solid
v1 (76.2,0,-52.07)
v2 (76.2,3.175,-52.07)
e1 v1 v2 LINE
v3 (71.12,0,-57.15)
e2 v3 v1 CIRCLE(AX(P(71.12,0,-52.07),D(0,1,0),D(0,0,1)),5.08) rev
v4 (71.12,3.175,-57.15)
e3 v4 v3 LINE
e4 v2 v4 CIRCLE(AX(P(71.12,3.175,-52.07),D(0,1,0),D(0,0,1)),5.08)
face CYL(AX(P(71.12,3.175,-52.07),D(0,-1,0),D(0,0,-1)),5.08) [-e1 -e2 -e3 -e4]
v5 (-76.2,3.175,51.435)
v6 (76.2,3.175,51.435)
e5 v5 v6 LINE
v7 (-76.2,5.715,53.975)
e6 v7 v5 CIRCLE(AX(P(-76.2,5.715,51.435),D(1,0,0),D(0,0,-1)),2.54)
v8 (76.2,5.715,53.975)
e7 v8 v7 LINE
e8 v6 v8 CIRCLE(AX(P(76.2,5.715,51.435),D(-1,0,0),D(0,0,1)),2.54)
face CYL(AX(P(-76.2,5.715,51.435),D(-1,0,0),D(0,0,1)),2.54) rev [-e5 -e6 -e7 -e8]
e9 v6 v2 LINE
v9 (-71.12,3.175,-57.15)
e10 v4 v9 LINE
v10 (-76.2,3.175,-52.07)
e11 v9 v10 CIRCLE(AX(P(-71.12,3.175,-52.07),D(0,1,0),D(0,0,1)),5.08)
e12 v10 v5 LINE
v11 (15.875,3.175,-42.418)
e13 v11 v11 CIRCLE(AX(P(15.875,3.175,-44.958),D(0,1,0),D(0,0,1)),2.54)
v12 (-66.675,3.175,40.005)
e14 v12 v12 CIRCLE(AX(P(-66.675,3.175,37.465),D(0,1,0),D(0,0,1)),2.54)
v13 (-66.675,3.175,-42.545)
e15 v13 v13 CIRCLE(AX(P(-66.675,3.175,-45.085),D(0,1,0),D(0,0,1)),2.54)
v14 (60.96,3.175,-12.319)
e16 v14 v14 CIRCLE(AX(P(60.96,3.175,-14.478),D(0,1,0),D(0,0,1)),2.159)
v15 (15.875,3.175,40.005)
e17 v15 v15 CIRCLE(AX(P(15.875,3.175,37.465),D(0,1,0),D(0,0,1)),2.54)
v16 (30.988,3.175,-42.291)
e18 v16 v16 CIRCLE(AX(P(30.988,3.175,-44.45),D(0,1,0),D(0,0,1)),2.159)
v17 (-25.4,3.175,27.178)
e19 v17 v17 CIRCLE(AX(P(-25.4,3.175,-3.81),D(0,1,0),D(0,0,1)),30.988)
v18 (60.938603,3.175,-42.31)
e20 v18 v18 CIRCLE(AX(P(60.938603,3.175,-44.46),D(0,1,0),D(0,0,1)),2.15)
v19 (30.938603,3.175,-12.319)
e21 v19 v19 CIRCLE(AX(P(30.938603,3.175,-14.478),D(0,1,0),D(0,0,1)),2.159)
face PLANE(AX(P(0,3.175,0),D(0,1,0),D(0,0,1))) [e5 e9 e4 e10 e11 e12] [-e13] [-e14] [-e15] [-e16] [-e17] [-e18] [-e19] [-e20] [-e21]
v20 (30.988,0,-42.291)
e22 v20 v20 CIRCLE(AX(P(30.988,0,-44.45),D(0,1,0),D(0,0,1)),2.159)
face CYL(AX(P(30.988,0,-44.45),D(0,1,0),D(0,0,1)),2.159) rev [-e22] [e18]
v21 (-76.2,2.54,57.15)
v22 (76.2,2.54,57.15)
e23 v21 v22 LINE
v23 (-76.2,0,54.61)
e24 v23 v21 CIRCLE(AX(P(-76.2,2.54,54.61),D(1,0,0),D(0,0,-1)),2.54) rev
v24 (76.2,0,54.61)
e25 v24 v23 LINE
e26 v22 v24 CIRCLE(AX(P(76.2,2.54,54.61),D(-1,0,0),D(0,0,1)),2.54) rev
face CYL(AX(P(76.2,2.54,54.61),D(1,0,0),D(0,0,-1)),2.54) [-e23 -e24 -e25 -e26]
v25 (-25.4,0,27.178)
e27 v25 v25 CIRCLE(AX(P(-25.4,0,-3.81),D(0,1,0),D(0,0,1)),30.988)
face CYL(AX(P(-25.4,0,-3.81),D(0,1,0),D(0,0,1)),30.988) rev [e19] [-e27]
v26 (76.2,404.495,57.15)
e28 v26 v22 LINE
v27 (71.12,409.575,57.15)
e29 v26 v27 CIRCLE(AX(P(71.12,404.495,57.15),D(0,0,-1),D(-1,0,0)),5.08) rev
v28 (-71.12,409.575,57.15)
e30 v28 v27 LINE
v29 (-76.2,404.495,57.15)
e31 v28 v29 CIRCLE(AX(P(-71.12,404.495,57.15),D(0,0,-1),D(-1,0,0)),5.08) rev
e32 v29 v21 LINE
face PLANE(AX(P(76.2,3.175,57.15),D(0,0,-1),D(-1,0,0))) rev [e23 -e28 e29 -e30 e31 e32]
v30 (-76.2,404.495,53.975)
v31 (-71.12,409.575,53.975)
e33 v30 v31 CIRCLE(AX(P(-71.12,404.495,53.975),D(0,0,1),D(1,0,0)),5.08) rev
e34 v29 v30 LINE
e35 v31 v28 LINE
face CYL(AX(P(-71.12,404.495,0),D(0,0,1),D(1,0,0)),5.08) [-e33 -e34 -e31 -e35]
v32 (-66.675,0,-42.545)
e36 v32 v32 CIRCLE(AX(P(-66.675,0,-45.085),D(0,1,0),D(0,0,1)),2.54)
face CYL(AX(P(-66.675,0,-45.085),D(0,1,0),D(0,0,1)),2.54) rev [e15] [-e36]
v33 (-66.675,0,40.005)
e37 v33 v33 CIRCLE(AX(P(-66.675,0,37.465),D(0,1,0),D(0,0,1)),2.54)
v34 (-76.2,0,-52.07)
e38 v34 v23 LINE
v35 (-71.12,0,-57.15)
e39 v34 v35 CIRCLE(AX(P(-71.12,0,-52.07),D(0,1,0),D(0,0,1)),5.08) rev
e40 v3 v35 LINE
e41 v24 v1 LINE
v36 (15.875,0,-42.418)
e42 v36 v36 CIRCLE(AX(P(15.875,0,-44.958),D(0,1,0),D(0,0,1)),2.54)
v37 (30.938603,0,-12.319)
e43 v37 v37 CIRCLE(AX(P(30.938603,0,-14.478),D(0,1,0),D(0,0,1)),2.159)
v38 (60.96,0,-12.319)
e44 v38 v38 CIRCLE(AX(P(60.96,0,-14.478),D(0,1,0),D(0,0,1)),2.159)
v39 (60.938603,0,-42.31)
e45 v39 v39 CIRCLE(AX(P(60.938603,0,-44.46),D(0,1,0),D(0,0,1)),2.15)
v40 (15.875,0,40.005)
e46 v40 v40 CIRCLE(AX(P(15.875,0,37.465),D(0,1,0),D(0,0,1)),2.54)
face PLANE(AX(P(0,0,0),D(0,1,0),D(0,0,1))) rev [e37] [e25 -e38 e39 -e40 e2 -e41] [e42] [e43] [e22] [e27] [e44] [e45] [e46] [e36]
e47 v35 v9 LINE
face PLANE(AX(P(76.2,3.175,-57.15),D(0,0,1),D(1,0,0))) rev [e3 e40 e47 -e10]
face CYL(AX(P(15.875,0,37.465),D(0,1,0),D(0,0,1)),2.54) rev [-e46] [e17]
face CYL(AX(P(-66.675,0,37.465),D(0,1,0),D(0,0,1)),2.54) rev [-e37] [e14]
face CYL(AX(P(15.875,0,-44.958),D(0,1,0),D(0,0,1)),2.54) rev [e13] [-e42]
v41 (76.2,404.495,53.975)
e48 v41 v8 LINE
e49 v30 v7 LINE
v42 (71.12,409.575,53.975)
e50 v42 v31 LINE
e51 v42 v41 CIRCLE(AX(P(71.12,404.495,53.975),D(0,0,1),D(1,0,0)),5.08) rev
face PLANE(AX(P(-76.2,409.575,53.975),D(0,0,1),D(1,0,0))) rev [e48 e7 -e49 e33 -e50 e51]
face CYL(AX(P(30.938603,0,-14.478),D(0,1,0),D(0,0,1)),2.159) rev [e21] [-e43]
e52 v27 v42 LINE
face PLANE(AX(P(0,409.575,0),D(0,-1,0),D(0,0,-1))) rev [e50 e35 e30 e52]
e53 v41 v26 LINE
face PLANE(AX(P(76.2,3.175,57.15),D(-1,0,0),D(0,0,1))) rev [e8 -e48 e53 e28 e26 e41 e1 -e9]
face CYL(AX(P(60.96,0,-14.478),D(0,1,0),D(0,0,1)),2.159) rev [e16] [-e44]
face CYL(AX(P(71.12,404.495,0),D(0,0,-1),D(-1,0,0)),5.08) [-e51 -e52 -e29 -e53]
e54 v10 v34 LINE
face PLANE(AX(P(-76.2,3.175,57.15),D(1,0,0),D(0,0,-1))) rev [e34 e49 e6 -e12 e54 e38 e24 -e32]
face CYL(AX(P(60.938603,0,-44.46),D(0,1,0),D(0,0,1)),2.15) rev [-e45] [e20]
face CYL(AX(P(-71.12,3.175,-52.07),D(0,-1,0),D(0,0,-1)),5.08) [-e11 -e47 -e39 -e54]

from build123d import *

# Parameters (mm, degrees)
SKETCH1_W           = 152.4
SKETCH1_H           = 114.3
BOSS_EXTRUDE1_DEPTH = 3.175
SKETCH2_W           = 152.4
SKETCH2_H           = 3.175
BOSS_EXTRUDE2_DEPTH = 406.4
FILLET1_R           = 2.54
FILLET2_R           = 5.08
SKETCH3_R           = 30.988
SKETCH3_R_2         = 2.54
SKETCH3_R_3         = 2.159
SKETCH3_R_4         = 2.15
CUT_EXTRUDE1_DEPTH  = 418.41289211


with BuildPart() as part:
    # Sketch1 → Boss-Extrude1 (new body)
    with BuildSketch(Plane(origin=(0, 0, 0), x_dir=(1, 0, 0), z_dir=(0, 1, 0))):
        Rectangle(SKETCH1_W, SKETCH1_H)
    extrude(amount=BOSS_EXTRUDE1_DEPTH)

    # Sketch2 → Boss-Extrude2 (add)
    with BuildSketch(Plane(origin=(0, 3.175, 0), x_dir=(1, 0, 0), z_dir=(0, 1, 0))):
        with Locations((0, -55.5625)):
            Rectangle(SKETCH2_W, SKETCH2_H)
    extrude(amount=BOSS_EXTRUDE2_DEPTH)

    # Fillet1
    fillet1_edges = [part.edges().sort_by_distance(p)[0] for p in [
        (0, 3.175, 53.975),
        (0, 0, 57.15),
    ]]
    fillet(fillet1_edges, radius=FILLET1_R)

    # Fillet2
    fillet2_edges = [part.edges().sort_by_distance(p)[0] for p in [
        (-76.2, 409.575, 55.5625),
        (76.2, 409.575, 55.5625),
        (-76.2, 1.5875, -57.15),
        (76.2, 1.5875, -57.15),
    ]]
    fillet(fillet2_edges, radius=FILLET2_R)

    # Sketch3 → Cut-Extrude1 (cut, through all)
    with BuildSketch(Plane(origin=(0, 3.175, 0), x_dir=(1, 0, 0), z_dir=(0, 1, 0))):
        with Locations(Location((-25.4, 3.81, 0), (0, 0, 270))):
            Circle(SKETCH3_R)
        with Locations(Location((15.875, 44.958, 0), (0, 0, 270))):
            Circle(SKETCH3_R_2)
        with Locations(Location((-66.675, -37.465, 0), (0, 0, 270))):
            Circle(SKETCH3_R_2)
        with Locations(Location((15.875, -37.465, 0), (0, 0, 270))):
            Circle(SKETCH3_R_2)
        with Locations(Location((30.988, 44.45, 0), (0, 0, 270))):
            Circle(SKETCH3_R_3)
        with Locations(Location((60.93860251, 44.46, 0), (0, 0, 270))):
            Circle(SKETCH3_R_4)
        with Locations(Location((60.96, 14.478, 0), (0, 0, 270))):
            Circle(SKETCH3_R_3)
        with Locations(Location((30.93860251, 14.478, 0), (0, 0, 270))):
            Circle(SKETCH3_R_3)
        with Locations(Location((-66.675, 45.085, 0), (0, 0, 270))):
            Circle(SKETCH3_R_2)
    extrude(amount=-CUT_EXTRUDE1_DEPTH, mode=Mode.SUBTRACT)


solid = part.part
